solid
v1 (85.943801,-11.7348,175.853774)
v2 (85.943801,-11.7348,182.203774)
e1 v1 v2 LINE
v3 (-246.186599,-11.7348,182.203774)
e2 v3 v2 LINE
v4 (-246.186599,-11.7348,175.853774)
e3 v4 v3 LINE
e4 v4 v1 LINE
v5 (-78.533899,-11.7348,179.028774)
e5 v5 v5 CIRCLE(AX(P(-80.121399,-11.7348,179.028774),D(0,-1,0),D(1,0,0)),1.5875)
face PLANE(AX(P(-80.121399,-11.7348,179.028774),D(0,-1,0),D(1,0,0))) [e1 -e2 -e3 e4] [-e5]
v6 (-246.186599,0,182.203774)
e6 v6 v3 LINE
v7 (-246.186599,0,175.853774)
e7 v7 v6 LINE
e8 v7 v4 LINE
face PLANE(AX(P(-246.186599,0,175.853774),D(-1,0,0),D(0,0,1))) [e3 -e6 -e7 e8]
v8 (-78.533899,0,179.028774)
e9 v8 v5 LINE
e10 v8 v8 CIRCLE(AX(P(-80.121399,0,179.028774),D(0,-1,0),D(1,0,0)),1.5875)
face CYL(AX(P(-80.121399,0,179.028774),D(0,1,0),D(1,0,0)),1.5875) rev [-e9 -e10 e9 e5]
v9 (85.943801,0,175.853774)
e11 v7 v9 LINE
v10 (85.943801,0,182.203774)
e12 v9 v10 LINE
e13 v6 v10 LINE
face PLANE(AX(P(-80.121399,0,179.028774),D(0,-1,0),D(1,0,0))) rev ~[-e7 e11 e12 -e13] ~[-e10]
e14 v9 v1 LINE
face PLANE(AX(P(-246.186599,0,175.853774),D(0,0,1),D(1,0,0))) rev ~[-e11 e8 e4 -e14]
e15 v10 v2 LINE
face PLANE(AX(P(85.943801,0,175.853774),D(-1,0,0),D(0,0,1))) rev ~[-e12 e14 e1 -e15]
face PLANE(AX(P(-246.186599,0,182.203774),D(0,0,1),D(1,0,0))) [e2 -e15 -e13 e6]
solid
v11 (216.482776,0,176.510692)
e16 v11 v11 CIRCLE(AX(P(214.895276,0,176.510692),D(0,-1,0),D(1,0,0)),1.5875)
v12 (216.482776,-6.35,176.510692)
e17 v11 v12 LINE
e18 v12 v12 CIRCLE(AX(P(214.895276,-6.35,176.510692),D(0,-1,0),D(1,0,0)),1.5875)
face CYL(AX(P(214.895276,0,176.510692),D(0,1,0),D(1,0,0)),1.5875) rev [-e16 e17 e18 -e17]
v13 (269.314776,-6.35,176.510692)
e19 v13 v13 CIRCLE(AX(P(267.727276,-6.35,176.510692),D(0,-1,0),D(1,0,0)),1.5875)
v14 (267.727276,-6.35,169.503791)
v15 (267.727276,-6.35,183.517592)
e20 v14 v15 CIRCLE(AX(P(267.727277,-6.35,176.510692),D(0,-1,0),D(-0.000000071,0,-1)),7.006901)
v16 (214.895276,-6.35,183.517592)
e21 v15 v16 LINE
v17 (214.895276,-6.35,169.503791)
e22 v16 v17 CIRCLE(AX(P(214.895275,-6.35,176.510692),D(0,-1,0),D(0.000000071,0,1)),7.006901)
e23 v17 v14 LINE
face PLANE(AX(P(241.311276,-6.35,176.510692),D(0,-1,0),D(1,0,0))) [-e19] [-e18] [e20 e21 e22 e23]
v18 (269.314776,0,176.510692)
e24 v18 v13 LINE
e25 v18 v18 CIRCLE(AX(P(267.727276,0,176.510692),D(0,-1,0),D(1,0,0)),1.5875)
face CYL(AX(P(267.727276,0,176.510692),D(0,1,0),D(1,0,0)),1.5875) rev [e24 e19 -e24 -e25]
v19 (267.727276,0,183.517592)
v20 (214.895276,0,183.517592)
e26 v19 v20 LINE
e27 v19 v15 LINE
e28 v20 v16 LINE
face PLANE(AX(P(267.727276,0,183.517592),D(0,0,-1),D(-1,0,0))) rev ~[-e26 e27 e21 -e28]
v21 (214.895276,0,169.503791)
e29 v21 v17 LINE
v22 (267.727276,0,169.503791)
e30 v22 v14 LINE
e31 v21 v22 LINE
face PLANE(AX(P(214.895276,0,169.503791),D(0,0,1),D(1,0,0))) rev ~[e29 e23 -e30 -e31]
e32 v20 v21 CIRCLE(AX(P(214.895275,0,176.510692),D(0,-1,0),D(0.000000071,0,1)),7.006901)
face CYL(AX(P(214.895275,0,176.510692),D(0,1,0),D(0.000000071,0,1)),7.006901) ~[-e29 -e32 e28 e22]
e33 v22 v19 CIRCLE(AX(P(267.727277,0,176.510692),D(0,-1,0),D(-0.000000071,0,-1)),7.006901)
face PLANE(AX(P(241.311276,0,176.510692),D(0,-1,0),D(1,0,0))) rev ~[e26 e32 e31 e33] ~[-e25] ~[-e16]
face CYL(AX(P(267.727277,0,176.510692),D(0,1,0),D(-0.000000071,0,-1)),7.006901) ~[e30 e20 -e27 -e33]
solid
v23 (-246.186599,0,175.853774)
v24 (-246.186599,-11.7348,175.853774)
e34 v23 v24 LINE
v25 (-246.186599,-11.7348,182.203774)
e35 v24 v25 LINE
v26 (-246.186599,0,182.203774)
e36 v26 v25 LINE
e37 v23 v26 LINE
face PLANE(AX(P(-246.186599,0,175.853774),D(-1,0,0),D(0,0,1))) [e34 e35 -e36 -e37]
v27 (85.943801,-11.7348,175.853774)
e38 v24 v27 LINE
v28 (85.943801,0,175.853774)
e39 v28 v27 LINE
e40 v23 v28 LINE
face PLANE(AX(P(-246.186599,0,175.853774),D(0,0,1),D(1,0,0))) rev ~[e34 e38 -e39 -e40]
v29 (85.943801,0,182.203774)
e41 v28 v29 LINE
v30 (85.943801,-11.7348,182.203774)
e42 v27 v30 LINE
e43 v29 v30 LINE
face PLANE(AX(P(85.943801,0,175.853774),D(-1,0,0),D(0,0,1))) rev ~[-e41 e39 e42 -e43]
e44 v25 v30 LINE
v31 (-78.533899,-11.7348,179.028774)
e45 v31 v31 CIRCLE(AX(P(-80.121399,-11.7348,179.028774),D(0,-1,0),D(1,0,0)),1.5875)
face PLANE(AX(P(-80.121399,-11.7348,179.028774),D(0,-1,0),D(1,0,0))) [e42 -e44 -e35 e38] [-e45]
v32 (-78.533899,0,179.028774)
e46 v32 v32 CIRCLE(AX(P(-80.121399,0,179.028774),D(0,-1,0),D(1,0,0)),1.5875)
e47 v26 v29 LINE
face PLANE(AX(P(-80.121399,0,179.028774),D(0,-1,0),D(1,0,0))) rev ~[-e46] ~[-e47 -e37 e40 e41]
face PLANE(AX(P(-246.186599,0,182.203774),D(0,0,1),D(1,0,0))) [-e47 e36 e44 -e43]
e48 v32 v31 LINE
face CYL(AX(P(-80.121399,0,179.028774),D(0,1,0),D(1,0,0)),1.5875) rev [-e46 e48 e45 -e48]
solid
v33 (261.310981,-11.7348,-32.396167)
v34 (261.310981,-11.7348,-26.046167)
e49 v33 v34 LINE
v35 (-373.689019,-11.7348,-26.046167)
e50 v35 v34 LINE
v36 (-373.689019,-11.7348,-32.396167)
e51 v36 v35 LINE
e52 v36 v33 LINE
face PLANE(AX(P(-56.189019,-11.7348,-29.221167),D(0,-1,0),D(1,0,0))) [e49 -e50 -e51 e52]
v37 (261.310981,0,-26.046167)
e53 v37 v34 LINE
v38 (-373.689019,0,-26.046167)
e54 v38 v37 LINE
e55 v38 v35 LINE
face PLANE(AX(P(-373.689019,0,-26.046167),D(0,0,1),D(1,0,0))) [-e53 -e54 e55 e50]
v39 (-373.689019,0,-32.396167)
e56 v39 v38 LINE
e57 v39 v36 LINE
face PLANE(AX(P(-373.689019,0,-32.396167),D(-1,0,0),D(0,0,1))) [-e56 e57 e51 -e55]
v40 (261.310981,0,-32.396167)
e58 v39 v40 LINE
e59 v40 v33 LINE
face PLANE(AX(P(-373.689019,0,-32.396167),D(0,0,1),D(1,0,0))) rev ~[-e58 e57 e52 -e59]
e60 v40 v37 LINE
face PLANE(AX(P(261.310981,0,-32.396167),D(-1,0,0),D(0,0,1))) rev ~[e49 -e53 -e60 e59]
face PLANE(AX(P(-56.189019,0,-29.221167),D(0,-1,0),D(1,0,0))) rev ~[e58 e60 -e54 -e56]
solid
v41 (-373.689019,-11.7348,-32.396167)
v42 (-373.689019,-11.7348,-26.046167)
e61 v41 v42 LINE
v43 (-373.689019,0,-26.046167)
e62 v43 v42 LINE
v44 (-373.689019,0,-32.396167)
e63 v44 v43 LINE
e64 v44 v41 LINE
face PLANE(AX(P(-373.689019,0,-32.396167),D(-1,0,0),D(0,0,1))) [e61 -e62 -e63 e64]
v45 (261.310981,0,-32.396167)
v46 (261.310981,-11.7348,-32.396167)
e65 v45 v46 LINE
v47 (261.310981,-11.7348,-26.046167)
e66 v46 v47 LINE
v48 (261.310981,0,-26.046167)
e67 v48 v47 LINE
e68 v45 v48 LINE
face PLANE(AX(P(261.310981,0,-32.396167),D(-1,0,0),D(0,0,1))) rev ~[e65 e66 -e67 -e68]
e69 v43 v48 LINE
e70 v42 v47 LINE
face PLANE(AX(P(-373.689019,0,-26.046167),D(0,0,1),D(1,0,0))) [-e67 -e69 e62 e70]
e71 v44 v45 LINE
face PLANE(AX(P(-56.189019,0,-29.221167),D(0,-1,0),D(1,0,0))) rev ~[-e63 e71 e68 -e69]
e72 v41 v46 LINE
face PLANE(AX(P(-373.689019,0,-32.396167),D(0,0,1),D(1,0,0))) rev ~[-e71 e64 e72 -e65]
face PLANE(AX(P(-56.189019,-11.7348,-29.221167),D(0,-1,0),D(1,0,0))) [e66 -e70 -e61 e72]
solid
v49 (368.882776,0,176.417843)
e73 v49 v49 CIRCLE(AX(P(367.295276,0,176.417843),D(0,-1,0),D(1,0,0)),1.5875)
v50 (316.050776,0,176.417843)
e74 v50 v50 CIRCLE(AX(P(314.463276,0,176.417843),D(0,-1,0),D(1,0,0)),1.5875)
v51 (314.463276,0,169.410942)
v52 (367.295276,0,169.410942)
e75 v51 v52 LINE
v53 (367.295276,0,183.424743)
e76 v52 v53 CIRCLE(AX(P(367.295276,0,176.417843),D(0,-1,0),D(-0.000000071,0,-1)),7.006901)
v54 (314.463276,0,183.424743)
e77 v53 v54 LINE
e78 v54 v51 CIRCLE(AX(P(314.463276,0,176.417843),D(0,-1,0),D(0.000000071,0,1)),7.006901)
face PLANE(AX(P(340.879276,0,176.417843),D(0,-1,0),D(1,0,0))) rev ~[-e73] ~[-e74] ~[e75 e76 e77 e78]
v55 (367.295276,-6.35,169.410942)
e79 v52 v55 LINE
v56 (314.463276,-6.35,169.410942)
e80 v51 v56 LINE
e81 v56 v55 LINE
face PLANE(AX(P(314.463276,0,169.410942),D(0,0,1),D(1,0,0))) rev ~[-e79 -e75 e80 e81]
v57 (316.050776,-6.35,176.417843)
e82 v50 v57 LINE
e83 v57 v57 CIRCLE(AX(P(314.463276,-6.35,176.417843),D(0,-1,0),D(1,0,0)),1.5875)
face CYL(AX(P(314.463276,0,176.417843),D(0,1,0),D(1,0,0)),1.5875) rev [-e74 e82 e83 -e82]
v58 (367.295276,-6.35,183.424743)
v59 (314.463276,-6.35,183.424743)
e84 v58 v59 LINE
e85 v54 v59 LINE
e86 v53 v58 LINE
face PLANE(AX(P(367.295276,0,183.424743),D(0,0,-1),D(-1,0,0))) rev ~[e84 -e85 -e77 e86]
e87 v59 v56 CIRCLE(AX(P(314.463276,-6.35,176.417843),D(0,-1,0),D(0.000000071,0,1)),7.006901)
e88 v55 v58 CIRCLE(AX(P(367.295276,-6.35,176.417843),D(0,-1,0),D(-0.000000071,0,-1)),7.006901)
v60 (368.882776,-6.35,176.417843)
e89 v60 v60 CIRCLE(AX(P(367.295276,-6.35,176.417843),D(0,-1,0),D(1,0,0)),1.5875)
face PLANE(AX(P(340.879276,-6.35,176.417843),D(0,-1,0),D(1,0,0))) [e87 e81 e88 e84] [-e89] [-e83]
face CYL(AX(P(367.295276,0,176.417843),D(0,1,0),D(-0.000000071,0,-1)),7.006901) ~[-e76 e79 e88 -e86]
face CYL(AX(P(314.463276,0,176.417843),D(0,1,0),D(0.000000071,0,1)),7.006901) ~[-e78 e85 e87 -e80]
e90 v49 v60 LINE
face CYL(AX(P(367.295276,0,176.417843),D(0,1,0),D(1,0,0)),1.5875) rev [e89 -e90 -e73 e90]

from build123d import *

# Parameters (mm, degrees)
F0_W     = 635
F0_H     = 6.35
F0_W_2   = 332.1304
F0_R     = 1.5875
F1_DEPTH = 11.7348
F2_DEPTH = 11.7348
F3_R     = 1.5875
F4_DEPTH = 6.35


with BuildPart() as f1:
    # F0 (on Front) → F1 (new body)
    with BuildSketch(Plane.XZ):
        with Locations((-56.189019, -29.221167)):
            Rectangle(F0_W, F0_H)
        with Locations((-80.121399, 179.028774)):
            Rectangle(F0_W_2, F0_H)
        with Locations((-80.121399, 179.028774)):
            Circle(F0_R, mode=Mode.SUBTRACT)
    extrude(amount=F1_DEPTH)


with BuildPart() as f2:
    # F0 (on Front) → F2 (new body)
    with BuildSketch(Plane.XZ):
        with Locations((-56.189019, -29.221167)):
            Rectangle(F0_W, F0_H)
        with Locations((-80.121399, 179.028774)):
            Rectangle(F0_W_2, F0_H)
        with Locations((-80.121399, 179.028774)):
            Circle(F0_R, mode=Mode.SUBTRACT)
    extrude(amount=F2_DEPTH)


with BuildPart() as f4:
    # F3 (on Front) → F4 (new body)
    with BuildSketch(Plane.XZ):
        with BuildLine():
            Line((267.727276, 183.517592), (214.895276, 183.517592))
            ThreePointArc((214.895276, 183.517592), (207.888375, 176.510692), (214.895276, 169.503791))
            Line((214.895276, 169.503791), (267.727276, 169.503791))
            ThreePointArc((267.727276, 169.503791), (274.734177, 176.510692), (267.727276, 183.517592))
        make_face()
        with Locations((214.895276, 176.510692)):
            Circle(F3_R, mode=Mode.SUBTRACT)
        with Locations((267.727276, 176.510692)):
            Circle(F3_R, mode=Mode.SUBTRACT)
        with BuildLine():
            Line((367.295276, 183.424743), (314.463276, 183.424743))
            ThreePointArc((314.463276, 183.424743), (307.456375, 176.417843), (314.463276, 169.410942))
            Line((314.463276, 169.410942), (367.295276, 169.410942))
            ThreePointArc((367.295276, 169.410942), (374.302177, 176.417843), (367.295276, 183.424743))
        make_face()
        with Locations((314.463276, 176.417843)):
            Circle(F3_R, mode=Mode.SUBTRACT)
        with Locations((367.295276, 176.417843)):
            Circle(F3_R, mode=Mode.SUBTRACT)
    extrude(amount=F4_DEPTH)


solid = Compound([f1.part, f2.part, f4.part])
